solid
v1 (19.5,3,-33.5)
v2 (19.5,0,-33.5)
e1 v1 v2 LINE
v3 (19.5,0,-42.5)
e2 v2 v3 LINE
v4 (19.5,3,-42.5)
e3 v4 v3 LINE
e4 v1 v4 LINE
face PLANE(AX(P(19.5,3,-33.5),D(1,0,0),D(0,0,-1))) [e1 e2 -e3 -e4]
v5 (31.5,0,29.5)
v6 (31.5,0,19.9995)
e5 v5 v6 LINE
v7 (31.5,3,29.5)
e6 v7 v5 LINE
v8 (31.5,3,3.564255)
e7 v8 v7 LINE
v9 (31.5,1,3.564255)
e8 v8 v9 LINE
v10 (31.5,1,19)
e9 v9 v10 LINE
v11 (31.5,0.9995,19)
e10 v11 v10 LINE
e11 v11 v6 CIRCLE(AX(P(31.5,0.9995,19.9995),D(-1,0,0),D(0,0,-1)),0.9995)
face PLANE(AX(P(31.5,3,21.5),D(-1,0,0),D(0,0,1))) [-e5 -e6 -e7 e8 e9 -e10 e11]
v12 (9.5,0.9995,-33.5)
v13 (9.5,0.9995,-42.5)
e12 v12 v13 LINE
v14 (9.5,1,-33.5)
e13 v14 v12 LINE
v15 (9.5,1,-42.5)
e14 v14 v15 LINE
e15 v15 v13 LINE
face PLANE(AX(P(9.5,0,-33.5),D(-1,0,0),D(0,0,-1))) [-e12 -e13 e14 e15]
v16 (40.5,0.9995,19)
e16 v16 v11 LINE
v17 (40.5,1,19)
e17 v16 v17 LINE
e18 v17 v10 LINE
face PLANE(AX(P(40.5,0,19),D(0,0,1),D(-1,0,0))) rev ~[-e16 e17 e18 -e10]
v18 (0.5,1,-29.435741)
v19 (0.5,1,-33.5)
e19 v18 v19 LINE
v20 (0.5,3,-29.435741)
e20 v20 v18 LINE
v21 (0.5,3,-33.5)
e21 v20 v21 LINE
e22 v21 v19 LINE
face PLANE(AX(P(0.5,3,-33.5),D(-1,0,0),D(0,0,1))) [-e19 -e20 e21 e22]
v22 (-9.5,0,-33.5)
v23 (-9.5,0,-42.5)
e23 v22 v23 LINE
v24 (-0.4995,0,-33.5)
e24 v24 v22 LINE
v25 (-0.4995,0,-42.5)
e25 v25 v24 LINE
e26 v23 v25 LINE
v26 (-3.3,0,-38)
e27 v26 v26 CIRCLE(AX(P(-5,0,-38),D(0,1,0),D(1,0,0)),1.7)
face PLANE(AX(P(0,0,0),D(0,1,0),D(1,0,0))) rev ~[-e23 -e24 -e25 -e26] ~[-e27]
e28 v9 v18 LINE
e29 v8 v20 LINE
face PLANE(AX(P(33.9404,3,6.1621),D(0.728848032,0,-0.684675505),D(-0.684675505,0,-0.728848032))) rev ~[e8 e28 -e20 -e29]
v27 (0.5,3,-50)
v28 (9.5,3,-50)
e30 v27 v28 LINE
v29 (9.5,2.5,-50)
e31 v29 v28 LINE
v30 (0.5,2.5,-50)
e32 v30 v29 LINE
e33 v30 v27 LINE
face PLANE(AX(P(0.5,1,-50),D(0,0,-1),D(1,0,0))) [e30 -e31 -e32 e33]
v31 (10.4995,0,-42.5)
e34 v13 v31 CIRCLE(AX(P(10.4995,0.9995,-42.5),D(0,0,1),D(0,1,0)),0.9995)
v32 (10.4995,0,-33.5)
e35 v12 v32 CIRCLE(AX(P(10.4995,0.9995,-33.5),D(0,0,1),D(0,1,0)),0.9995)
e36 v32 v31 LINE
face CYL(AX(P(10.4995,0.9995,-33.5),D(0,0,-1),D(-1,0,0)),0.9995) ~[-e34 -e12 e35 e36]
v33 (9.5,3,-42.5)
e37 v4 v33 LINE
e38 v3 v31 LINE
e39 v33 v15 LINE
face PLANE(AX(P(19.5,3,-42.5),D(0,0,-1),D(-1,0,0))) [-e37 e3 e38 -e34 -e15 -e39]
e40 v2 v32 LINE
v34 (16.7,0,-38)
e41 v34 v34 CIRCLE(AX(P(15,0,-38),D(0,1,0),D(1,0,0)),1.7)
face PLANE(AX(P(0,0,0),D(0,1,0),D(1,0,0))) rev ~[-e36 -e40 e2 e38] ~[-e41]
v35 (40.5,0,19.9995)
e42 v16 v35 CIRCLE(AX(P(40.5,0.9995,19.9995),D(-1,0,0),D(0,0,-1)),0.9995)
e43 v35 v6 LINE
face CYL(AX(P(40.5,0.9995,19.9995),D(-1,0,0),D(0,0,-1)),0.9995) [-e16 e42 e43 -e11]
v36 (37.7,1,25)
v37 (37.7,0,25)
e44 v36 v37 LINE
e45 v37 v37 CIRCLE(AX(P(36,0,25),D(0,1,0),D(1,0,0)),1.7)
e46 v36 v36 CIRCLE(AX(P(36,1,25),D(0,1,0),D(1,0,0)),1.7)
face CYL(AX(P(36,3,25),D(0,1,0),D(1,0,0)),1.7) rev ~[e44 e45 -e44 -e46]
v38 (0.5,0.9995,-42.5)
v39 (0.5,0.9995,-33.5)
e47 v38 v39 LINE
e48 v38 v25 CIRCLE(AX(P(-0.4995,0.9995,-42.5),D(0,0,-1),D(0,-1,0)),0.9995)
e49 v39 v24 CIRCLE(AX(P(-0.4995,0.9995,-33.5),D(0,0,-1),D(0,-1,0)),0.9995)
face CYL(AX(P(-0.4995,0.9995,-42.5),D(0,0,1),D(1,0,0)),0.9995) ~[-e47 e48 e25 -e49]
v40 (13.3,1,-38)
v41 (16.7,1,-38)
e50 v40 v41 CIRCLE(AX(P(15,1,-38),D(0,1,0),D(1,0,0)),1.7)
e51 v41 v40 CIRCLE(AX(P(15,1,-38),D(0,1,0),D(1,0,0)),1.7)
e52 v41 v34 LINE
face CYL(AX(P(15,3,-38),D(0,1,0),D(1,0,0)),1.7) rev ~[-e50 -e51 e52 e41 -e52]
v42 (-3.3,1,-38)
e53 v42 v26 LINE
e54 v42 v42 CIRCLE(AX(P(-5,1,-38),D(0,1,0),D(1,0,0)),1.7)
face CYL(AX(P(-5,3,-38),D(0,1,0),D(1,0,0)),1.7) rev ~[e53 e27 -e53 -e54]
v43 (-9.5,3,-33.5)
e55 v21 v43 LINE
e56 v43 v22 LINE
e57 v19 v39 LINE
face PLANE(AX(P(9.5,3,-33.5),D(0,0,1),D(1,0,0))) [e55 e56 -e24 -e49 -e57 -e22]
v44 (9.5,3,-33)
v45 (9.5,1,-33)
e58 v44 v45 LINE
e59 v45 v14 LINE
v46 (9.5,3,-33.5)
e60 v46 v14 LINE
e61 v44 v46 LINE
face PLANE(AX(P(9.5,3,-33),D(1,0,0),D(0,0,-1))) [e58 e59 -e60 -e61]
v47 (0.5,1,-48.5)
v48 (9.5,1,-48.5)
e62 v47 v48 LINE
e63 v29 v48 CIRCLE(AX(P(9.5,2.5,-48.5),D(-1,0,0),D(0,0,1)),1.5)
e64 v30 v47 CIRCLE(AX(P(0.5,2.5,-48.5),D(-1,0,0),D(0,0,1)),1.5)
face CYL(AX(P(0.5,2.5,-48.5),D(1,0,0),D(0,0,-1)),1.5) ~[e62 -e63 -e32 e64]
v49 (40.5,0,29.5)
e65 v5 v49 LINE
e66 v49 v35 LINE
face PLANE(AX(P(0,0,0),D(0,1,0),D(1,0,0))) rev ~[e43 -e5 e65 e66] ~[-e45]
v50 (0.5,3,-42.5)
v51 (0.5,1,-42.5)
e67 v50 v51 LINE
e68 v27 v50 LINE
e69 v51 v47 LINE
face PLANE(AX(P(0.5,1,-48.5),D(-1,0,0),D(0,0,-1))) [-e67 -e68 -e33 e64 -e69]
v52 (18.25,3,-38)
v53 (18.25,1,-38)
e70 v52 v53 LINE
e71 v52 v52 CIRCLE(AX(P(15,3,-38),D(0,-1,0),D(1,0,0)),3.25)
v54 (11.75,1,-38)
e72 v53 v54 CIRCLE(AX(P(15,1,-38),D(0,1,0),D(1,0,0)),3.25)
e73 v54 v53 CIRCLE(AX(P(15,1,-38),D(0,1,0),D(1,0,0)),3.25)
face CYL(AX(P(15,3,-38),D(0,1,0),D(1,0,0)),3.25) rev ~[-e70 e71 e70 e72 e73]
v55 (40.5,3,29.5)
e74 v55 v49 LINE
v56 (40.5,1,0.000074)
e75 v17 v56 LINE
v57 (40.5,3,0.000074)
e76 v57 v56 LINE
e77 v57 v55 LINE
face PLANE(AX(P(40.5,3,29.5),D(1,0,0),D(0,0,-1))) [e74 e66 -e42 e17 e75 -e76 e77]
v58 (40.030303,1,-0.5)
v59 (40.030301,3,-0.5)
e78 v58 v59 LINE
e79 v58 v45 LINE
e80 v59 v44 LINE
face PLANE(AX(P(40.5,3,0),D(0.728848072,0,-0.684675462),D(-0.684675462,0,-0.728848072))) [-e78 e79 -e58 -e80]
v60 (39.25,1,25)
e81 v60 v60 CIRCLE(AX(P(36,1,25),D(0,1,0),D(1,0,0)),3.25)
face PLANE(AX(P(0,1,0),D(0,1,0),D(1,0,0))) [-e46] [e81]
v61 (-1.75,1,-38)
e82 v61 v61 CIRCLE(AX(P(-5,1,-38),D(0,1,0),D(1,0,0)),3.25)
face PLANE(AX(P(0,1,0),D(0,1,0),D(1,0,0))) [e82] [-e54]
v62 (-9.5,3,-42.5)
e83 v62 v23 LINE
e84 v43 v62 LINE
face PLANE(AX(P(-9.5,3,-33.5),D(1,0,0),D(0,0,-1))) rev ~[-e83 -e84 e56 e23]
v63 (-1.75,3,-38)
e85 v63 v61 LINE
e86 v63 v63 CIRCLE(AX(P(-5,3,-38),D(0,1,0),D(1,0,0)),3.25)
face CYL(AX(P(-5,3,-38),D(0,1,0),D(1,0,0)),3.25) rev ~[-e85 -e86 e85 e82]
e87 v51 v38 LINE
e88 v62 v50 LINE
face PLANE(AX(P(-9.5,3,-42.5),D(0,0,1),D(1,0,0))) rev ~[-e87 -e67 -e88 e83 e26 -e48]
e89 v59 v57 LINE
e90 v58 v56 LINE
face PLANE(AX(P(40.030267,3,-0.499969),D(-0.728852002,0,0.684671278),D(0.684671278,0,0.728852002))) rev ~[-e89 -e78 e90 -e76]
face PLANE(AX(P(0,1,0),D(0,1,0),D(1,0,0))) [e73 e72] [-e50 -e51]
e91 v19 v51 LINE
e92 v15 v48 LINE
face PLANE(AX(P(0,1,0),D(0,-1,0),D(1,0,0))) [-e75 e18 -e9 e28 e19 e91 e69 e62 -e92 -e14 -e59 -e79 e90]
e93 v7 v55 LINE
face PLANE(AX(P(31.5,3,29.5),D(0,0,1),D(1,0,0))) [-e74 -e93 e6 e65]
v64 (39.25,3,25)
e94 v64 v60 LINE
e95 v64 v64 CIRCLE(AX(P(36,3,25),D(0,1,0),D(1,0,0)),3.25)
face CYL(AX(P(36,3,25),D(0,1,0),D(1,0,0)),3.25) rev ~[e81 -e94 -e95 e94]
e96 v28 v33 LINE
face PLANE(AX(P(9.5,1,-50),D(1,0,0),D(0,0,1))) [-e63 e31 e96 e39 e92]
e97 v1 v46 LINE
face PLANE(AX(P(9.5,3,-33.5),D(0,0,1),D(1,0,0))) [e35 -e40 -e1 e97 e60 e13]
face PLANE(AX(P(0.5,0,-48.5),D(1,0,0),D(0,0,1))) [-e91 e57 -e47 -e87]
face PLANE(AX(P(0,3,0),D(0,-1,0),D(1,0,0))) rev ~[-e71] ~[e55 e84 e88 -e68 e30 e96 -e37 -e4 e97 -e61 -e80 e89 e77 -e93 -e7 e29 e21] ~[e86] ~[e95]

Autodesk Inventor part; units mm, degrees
ref_plane "YZ Plane" through (0, 0, 0) normal (1, 0, 0) x (0, 1, 0)
ref_plane "XZ Plane" through (0, 0, 0) normal (0, 1, 0) x (-1, 0, 0)
ref_plane "XY Plane" through (0, 0, 0) normal (0, 0, 1) x (1, 0, 0)
sketch "Sketch1" plane through (0, 0, 0) normal (0, 1, 0) x (-1, 0, 0)
  line L0 (0, 0) -> (-10, 0)
  line L1 (-10, 0) -> (-10, -51)
  line L2 (-10, -51) -> (0, -51)
  line L3 (0, -51) -> (0, 0)
  line L4 (0, 0) -> (-41, 0)
  line L5 (-41, 0) -> (-41, -10)
  line L6 (-41, -10) -> (0, -10)
  line L7 (0, -10) -> (0, 0)
  line L8 (-41, -10) -> (-31, -10)
  line L9 (-31, -10) -> (-31, 30)
  line L10 (-31, 30) -> (-41, 30)
  line L11 (-41, 30) -> (-41, -10)
  line L12 (-10, -51) -> (-10, -43)
  line L13 (-10, -43) -> (-20, -43)
  line L14 (-20, -43) -> (10, -43)
  line L15 (10, -43) -> (10, -33)
  line L16 (10, -33) -> (-20, -33)
  line L17 (-20, -33) -> (-20, -43)
  point P0 (0, -43)
  point P1 (0, -33)
  point P2 (-31, 0)
  point P3 (-10, -10)
  point P4 (-10, -33)
  dimension "d0" = 10
  dimension "d1" = 51
  dimension "d2" = 41
  dimension "d3" = 10
  dimension "d4" = 10
  dimension "d5" = 40
  dimension "d6" = 8
  dimension "d7" = 10
  dimension "d8" = 30
  dimension "d9" = 10
extrude "Extrusion1" add sketch "Sketch1" along normal blind 3
sketch "Sketch2" plane through (0, 3, 0) normal (0, 1, 0) x (1, 0, 0)
  line L0 (-10, 33) -> (0, 33) projected
  line L1 (0, 33) -> (0, 38)
  line L2 (0, 38) -> (-5, 38)
  circle A0 centre (-5, 38) radius 3.25
  line L3 (0, 38) -> (15, 38)
  circle A1 centre (15, 38) radius 3.25
  line L4 (41, -30) -> (41, 10) projected
  line L5 (41, -30) -> (41, -25)
  line L6 (41, -25) -> (41, -30)
  line L7 (41, -25) -> (36, -25)
  circle A2 centre (36, -25) radius 3.25
  circle A3 centre (-5, 38) radius 1.7
  circle A4 centre (15, 38) radius 1.7
  circle A5 centre (36, -25) radius 1.7
  point P0 (0, 0)
  dimension "d12" = 5
  dimension "d13" = 5
  dimension "d14" = 6.5
  dimension "d15" = 15
  dimension "d16" = 6.5
  dimension "d17" = 5
  dimension "d18" = 5
  dimension "d19" = 5
  dimension "d20" = 6.5
  dimension "d23" = 3.4
  dimension "d24" = 3.4
  dimension "d25" = 3.4
extrude "Extrusion3" cut sketch "Sketch2" against normal blind 2
extrude "Extrusion4" cut sketch "Sketch2" against normal blind 4 contours A3 | A4 | A5
sketch "Sketch3" plane through (0, 3, 0) normal (0, 1, 0) x (1, 0, 0)
  line L0 (0, 0) -> (0, 0.5)
  line L1 (0, 33) -> (0, 0) projected
  line L2 (0, 0.5) -> (31, 0.5)
  line L3 (31, 0.5) -> (31.5, 0.5)
  line L4 (31.5, 0.5) -> (31.5, -21.5)
  line L5 (31.5, -21.5) -> (40.5, -21.5)
  line L6 (31, -30) -> (41, -30) projected
  line L7 (40.5, -21.5) -> (40.5, 9.5)
  line L8 (41, -30) -> (41, 10) projected
  line L9 (40.5, 9.5) -> (9.5, 9.5)
  line L10 (9.5, 9.5) -> (9.5, 33.5)
  line L11 (9.5, 33.5) -> (19.5, 33.5)
  line L12 (20, 33) -> (20, 43) projected
  line L13 (19.5, 33.5) -> (19.5, 42.5)
  line L14 (19.5, 42.5) -> (9.5, 42.5)
  line L15 (9.5, 42.5) -> (9.5, 51)
  line L16 (10, 51) -> (0, 51) projected
  line L17 (10, 43) -> (10, 51) projected
  line L18 (9.5, 51) -> (10, 51)
  line L19 (10, 51) -> (10, 43)
  line L20 (20, 43) -> (10, 43) projected
  line L21 (20, 43) -> (10, 43)
  line L22 (10, 33) -> (20, 33) projected
  line L23 (20, 43) -> (20, 33)
  line L24 (20, 33) -> (10, 33)
  line L25 (10, 33) -> (10, 10)
  line L26 (41, 10) -> (10, 10) projected
  line L27 (10, 10) -> (41, 10)
  line L28 (41, 10) -> (41, -30)
  line L29 (31, 0) -> (31, -30) projected
  line L30 (41, -30) -> (31, -30)
  line L31 (31, -30) -> (31, 0)
  line L32 (31, 0) -> (0, 0)
  line L33 (0, 0.5) -> (0.5, 0.5)
  line L34 (0.5, 0.5) -> (0.5, 33.5)
  line L35 (9.5, 11.7035) -> (0.5, 11.7035)
  line L36 (5, 11.7035) -> (5, 17)
  line L37 (0.5, 9.5) -> (0.5, 33.5)
  line L38 (0.5, 33.5) -> (-9.5, 33.5)
  line L39 (-10, 33) -> (-10, 43)
  line L40 (-9.5, 33.5) -> (-9.5, 42.5)
  line L41 (-9.5, 42.5) -> (0.5, 42.5)
  line L42 (0.5, 42.5) -> (0.5, 51)
  line L43 (0, 51) -> (10, 51)
  line L44 (0, 43) -> (0, 51)
  line L45 (0.5, 51) -> (0, 51)
  line L46 (0, 51) -> (0, 43)
  line L47 (-10, 43) -> (0, 43)
  line L48 (-10, 43) -> (0, 43)
  line L49 (0, 33) -> (-10, 33)
  line L50 (-10, 43) -> (-10, 33)
  line L51 (-10, 33) -> (0, 33)
  line L52 (0, 33) -> (0, 10)
  line L53 (0, 0) -> (0.5, 0)
  line L54 (0.5, 0) -> (0.5, 33.5)
  line L55 (0.5, 33.5) -> (0, 33.5)
  line L56 (0, 33.5) -> (0, 0)
  dimension "d30" = 0.5
  dimension "d31" = 31
  dimension "d32" = 90
  dimension "d33" = 0.5
  dimension "d34" = 22
  dimension "d35" = 9
  dimension "d36" = 90
  dimension "d37" = 31
  dimension "d38" = 90
  dimension "d39" = 31
  dimension "d40" = 24
  dimension "d41" = 10
  dimension "d42" = 9
  dimension "d43" = 0.5
extrude "Extrusion5" cut sketch "Sketch3" against normal blind 4 contours L0 L2 L54 L32 | L1 L56 L38 L34 L2 | L54 L2 L3 L4 L5 L7 L9 L10 L11 L13 L14 L15 L16 L17 L20 L12 L22 L25 L26 L8 L6 L29 L32 | L49 L39 L47 L44 L16 L42 L41 L40 L38 L56
sketch "Sketch4" plane through (0, 3, 0) normal (0, 1, 0) x (1, 0, 0)
  line L0 (40.5, 9.5) -> (40.5, 38.6053)
  line L1 (9.5, 33.5) -> (46.5578, 33.5)
  line L2 (40.5, 33.5) -> (40.5, 0.5)
  line L3 (40.5, 9.5) -> (40.5, -21.5) projected
  line L4 (9.5, 9.5) -> (9.5, 33.5) projected
  line L5 (40.5, 0) -> (9.5, 33)
  line L6 (40.5, 0) -> (33.9404, -6.1621)
  line L7 (33.9404, -6.1621) -> (-17.219, 48.2979)
  line L8 (0.5, 33.5) -> (0.5, 0.5) projected
  line L9 (0.5, 33) -> (0.5, 28.5562)
  line L10 (19.5, 33.5) -> (9.5, 33.5) projected
  line L11 (9.5, 33) -> (0.5, 33)
  line L12 (9.5, 33.5) -> (9.5, 33)
  line L13 (9.5, 33.5) -> (9.5, 9.5) projected
  point P0 (0, 0)
  point P1 (0.5, 29.4357)
  point P2 (0.5, 33)
  dimension "d49" = 33
  dimension "d50" = 9
  dimension "d55" = 0.5
sketch "Sketch5" plane through (0, 3, 0) normal (0, 1, 0) x (1, 0, 0)
  line L0 (0.5, 33.5) -> (31.5, 33.5)
  line L1 (31.5, 33.5) -> (31.5, 9.5)
  line L2 (31.5, 0.5) -> (0.5, 0.5)
  line L3 (0.5, 0.5) -> (0.5, 33.5)
  line L4 (9.5, 9.5) -> (40.5, 9.5) projected
  line L5 (31.5, 0.5) -> (40.5, 0.5)
  line L6 (40.5, 0.5) -> (40.5, 9.5)
  line L7 (40.5, 9.5) -> (31.5, 9.5)
  point P0 (0, 0)
extrude "Extrusion6" cut sketch "Sketch5" against normal blind 4
extrude "Extrusion7" add sketch "Sketch4" against normal blind 3 contours L6 L7 L4 L5 | L4 L7 L8 L11
sketch "Sketch6" plane through (0, 3, 0) normal (0, 1, 0) x (1, 0, 0)
  line L0 (40.0303, 0.5) -> (9.5, 33) projected
  line L1 (33.4215, 7.5352) -> (47.7617, -7.7302)
  line L2 (47.7617, -7.7302) -> (49.311, 2.3426)
  line L3 (49.311, 2.3426) -> (33.4215, 7.5352)
  line L4 (9.5, 33) -> (0.5, 33) projected
  line L5 (-9.5, 33.5) -> (19.5, 33.5) projected
  line L6 (0.5, 33) -> (9.5, 33)
  line L7 (9.5, 33) -> (9.5, 33.5)
  line L8 (9.5, 33.5) -> (0.5, 33.5)
  line L9 (0.5, 33.5) -> (0.5, 33)
  point P0 (0, 0)
extrude "Extrusion8" add sketch "Sketch6" against normal blind 3 contours L4 L9 L5 L7
sketch "Sketch7" plane through (0, 3, 0) normal (0, 1, 0) x (1, 0, 0)
  line L0 (9.5, 33) -> (40.0303, 0.5) projected
  line L1 (37.6071, 3.0795) -> (42.3492, -1.9686)
  line L2 (42.3492, -1.9686) -> (43.0836, 1.6709)
  line L3 (43.0836, 1.6709) -> (37.6071, 3.0795)
  point P0 (0, 0)
  point P1 (40.0303, 0.5)
extrude "Extrusion9" cut sketch "Sketch7" against normal blind 3
sketch "Sketch10" plane through (0, 3, 0) normal (0, 1, 0) x (1, 0, 0)
  line L0 (40.5, -21.5) -> (31.5, -21.5)
  line L1 (31.5, -21.5) -> (31.5, -29.5)
  line L2 (31.5, -29.5) -> (40.5, -29.5)
  line L3 (40.5, -29.5) -> (40.5, -21.5)
  point P0 (0, 0)
  dimension "d60" = 9
  dimension "d61" = 8
extrude "Extrusion10" add sketch "Sketch10" against normal blind 3
sketch "Sketch11" plane through (0, 3, 0) normal (0, 1, 0) x (1, 0, 0)
  line L0 (31.5, -29.5) -> (40.5, -29.5) projected
  line L1 (36, -29.5) -> (36, -25)
  circle A0 centre (36, -25) radius 1.7
  point P0 (0, 0)
  dimension "d64" = 4.5
  dimension "d65" = 3.4
extrude "Extrusion11" cut sketch "Sketch11" against normal blind 3
sketch "Sketch12" plane through (0, 3, 0) normal (0, 1, 0) x (1, 0, 0)
  circle A0 centre (36, -25) radius 1.7 projected
  circle A1 centre (36, -25) radius 3.25
  point P0 (0, 0)
  dimension "d68" = 6.5
extrude "Extrusion12" cut sketch "Sketch12" against normal blind 2
sketch "Sketch13" plane through (0, 3, 0) normal (0, 1, 0) x (1, 0, 0)
  line L0 (9.5, 51) -> (9.5, 42.5) projected
  line L1 (0.5, 42.5) -> (0.5, 51) projected
  line L2 (9.5, 51) -> (0.5, 51)
  line L3 (0.5, 51) -> (0.5, 48.5)
  line L4 (0.5, 48.5) -> (9.5, 48.5)
  line L5 (9.5, 48.5) -> (9.5, 51)
  point P0 (0, 0)
  point P1 (9.5, 48.5)
  dimension "d71" = 2.5
extrude "Extrusion13" cut sketch "Sketch13" against normal blind 3
sketch "Sketch14" plane through (0, 0, 0) normal (0, -1, 0) x (1, 0, 0)
  line L0 (9.5, -48.5) -> (0.5, -48.5) projected
  line L1 (9.5, -48.5) -> (0.5, -48.5)
  line L2 (0.5, -48.5) -> (0.5, -29.4357)
  line L3 (0.5, -29.4357) -> (9.5, -29.4357)
  line L4 (9.5, -29.4357) -> (9.5, -48.5)
  line L5 (-9.5, -33.5) -> (0.5, -33.5) projected
  line L6 (40.5, 29.5) -> (40.5, 0) projected
  line L7 (0.5, -33.5) -> (40.5, -33.5)
  line L8 (40.5, -33.5) -> (40.5, 19)
  line L9 (40.5, 19) -> (0.5, 19)
  line L10 (0.5, 19) -> (0.5, -33.5)
  point P0 (0, 0)
  point P1 (9.5, -33.5)
  point P2 (40.5, 0)
  dimension "d76" = 52.5
extrude "Extrusion14" cut sketch "Sketch14" against normal blind 1
fillet "Fillet4" radius 1 3 edges at (0.5, 0, -38) (9.5, 0, -38) (36, 0, 19)
sketch "Sketch15" plane through (0, 1, 0) normal (0, -1, 0) x (1, 0, 0)
  line L0 (9.5, -42.5) -> (9.5, -48.5) projected
  line L1 (9.5, -48.5) -> (0.5, -48.5)
  line L2 (0.5, -48.5) -> (0.5, -50)
  line L3 (0.5, -50) -> (9.5, -50)
  line L4 (9.5, -50) -> (9.5, -48.5)
  point P0 (0, 0)
  dimension "d81" = 9
  dimension "d82" = 1.5
extrude "Extrusion15" add sketch "Sketch15" against normal blind 2
fillet "Fillet6" radius 1.5 1 edges at (5, 1, -50)
properties part number "Cover_bottom_raceway_cover"
